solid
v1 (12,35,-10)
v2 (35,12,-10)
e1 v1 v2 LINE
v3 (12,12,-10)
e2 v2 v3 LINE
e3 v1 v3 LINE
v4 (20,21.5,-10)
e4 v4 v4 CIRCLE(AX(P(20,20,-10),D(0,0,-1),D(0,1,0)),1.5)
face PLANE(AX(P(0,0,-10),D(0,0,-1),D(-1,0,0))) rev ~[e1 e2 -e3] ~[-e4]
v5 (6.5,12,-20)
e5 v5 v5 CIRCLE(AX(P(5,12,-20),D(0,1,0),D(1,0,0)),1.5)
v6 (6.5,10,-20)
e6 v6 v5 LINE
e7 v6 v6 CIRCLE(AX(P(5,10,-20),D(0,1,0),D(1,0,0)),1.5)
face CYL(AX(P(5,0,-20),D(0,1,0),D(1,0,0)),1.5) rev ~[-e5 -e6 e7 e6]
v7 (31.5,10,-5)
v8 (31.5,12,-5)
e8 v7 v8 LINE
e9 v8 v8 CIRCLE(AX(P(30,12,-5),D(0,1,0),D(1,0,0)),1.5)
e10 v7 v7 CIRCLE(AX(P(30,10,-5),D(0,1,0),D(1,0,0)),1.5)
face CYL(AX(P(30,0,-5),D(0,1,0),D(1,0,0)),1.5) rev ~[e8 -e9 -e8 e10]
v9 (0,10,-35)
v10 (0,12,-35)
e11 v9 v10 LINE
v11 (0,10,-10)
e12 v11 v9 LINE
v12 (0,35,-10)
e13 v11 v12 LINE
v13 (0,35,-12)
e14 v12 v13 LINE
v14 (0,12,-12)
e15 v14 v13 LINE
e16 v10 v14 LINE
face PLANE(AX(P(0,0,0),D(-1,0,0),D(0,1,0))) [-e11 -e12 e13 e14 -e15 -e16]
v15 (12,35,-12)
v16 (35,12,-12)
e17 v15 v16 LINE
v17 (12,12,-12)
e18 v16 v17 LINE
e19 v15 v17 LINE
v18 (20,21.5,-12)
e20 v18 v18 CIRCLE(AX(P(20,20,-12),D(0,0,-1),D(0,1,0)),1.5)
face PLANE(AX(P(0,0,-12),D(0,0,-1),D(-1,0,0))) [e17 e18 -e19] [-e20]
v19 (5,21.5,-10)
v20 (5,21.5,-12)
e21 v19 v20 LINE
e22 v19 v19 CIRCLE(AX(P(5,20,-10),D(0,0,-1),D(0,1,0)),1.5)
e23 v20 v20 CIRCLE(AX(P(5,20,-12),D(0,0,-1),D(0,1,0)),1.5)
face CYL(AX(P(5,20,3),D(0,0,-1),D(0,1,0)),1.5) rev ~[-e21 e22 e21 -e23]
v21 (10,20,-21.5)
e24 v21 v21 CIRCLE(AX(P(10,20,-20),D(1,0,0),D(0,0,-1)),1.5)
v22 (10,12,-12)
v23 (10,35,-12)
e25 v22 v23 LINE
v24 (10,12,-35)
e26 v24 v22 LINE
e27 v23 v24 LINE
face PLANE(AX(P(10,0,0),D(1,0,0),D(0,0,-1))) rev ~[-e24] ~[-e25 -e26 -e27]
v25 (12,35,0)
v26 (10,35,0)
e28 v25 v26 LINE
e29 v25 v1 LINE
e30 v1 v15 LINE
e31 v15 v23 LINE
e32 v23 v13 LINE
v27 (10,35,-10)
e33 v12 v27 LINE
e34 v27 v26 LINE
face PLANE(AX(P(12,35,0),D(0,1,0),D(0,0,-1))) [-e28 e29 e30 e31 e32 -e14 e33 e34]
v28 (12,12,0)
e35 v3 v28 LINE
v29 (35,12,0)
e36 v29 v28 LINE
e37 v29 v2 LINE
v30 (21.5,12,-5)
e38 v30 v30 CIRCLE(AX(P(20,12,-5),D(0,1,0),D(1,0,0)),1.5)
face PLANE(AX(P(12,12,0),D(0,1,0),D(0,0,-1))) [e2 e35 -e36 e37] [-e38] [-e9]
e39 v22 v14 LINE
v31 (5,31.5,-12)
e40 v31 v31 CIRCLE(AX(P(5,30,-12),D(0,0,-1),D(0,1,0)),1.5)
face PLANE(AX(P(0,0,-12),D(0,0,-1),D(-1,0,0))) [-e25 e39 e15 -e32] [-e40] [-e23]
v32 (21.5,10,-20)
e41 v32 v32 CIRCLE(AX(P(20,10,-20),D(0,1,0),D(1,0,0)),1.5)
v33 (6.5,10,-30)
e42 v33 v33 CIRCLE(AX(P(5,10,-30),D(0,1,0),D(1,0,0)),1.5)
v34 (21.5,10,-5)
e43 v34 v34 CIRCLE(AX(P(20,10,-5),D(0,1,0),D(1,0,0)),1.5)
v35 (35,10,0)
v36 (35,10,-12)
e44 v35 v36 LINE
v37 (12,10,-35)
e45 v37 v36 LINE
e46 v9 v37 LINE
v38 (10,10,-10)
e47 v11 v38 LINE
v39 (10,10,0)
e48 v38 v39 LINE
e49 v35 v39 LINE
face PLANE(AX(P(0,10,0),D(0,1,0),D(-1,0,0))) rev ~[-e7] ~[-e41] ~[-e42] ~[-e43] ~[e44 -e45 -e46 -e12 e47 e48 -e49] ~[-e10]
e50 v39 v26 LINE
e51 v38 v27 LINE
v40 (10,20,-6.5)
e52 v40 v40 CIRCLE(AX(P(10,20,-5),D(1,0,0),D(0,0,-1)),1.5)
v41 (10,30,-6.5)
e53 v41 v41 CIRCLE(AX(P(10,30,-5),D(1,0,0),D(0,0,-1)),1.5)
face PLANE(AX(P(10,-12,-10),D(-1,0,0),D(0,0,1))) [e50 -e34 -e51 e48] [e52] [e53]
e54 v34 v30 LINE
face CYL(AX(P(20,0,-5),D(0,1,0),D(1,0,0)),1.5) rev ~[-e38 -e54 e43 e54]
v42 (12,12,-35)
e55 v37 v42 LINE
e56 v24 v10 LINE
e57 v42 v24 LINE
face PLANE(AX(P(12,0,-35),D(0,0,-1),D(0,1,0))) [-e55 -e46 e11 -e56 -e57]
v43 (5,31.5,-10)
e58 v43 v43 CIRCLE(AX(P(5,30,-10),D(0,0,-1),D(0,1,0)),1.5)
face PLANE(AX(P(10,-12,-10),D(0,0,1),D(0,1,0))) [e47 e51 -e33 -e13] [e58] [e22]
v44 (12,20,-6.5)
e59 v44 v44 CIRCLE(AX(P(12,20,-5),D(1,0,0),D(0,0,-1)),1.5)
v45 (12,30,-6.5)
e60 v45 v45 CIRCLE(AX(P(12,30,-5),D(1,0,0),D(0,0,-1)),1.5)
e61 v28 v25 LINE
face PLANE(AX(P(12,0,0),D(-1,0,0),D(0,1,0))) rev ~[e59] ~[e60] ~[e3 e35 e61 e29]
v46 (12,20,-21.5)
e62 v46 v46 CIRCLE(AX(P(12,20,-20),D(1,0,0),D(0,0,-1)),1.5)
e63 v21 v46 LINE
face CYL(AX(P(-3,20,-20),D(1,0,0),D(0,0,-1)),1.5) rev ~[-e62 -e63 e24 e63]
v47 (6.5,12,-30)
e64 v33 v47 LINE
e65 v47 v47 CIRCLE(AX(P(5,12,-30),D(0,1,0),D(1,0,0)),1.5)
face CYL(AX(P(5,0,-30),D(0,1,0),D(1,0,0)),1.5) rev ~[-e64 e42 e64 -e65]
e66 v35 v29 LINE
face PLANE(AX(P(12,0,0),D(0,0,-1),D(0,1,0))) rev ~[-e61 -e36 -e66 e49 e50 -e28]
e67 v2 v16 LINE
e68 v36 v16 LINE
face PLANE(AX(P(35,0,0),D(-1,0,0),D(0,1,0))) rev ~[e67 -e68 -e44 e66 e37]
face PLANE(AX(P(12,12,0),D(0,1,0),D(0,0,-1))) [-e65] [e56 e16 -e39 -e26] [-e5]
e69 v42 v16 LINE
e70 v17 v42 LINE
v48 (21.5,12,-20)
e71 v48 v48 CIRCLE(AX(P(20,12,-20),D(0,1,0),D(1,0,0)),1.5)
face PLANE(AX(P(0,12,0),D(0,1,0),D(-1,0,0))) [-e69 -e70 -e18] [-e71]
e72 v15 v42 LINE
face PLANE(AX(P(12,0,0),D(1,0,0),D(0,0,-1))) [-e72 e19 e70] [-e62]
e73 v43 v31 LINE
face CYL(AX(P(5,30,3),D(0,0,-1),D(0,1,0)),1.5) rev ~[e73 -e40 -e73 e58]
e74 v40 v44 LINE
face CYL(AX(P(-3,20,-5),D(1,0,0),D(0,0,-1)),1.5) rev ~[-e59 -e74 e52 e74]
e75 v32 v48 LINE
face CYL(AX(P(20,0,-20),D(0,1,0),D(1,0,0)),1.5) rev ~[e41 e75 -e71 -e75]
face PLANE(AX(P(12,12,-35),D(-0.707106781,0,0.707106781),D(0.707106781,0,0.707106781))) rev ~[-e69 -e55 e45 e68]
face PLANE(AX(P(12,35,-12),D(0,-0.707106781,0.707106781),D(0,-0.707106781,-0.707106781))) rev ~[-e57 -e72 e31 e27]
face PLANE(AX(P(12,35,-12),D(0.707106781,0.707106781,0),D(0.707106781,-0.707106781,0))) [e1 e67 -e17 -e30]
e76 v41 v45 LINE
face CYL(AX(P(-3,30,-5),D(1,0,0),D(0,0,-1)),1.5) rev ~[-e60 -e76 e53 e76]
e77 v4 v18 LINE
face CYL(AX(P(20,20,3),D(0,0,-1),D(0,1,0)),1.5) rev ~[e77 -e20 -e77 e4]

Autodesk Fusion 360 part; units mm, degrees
box "BoxPrimitive1" add length 35 width 12 height 12 placed x (0, 0, -1) y (-1, 0, 0) z (0, 1, 0) at (12, 0, 0)
box "BoxPrimitive2" add length 12 width 35 height 12 placed x (0, 0, -1) y (-1, 0, 0) z (0, 1, 0) at (35, 0, 0)
box "BoxPrimitive3" add length 12 width 12 height 35 placed x (0, 0, -1) y (-1, 0, 0) z (0, 1, 0) at (12, 0, 0)
cylinder "CylinderPrimitive1" cut diameter 3 height 15 placed x (1, 0, 0) y (0, 0, -1) z (0, 1, 0) at (30, 0, -5)
cylinder "CylinderPrimitive2" cut diameter 3 height 15 placed x (1, 0, 0) y (0, 0, -1) z (0, 1, 0) at (20, 0, -5)
cylinder "CylinderPrimitive3" cut diameter 3 height 15 placed x (1, 0, 0) y (0, 0, -1) z (0, 1, 0) at (5, 0, -30)
cylinder "CylinderPrimitive4" cut diameter 3 height 15 placed x (1, 0, 0) y (0, 0, -1) z (0, 1, 0) at (5, 0, -20)
cylinder "CylinderPrimitive5" cut diameter 3 height 15 placed x (0, 0, -1) y (0, 1, 0) z (1, 0, 0) at (0, 5, -30)
cylinder "CylinderPrimitive6" cut diameter 3 height 15 placed x (0, 0, -1) y (0, 1, 0) z (1, 0, 0) at (0, 5, -20)
cylinder "CylinderPrimitive7" cut diameter 3 height -15 placed x (0, 1, 0) y (1, 0, 0) z (0, 0, -1) at (30, 5, -12)
cylinder "CylinderPrimitive8" cut diameter 3 height -15 placed x (0, 1, 0) y (1, 0, 0) z (0, 0, -1) at (20, 5, -12)
cylinder "CylinderPrimitive9" cut diameter 3 height -15 placed x (0, 0, -1) y (0, 1, 0) z (1, 0, 0) at (12, 30, -5)
cylinder "CylinderPrimitive10" cut diameter 3 height -15 placed x (0, 0, -1) y (0, 1, 0) z (1, 0, 0) at (12, 20, -5)
cylinder "CylinderPrimitive11" cut diameter 3 height -15 placed x (0, 1, 0) y (1, 0, 0) z (0, 0, -1) at (5, 30, -12)
cylinder "CylinderPrimitive12" cut diameter 3 height -15 placed x (0, 1, 0) y (1, 0, 0) z (0, 0, -1) at (5, 20, -12)
box "BoxPrimitive7" cut length 45 width 50 height 10 placed x (0, 0, -1) y (-1, 0, 0) z (0, 1, 0) at (40, 0, 0)
box "BoxPrimitive9" cut length 52 width 10 height -10 placed x (0, 1, 0) y (-1, 0, 0) z (0, 0, 1) at (10, -12, 0)
sketch "Sketch32" plane through (0, 0, -12) normal (0, 0, -1) x (-1, 0, 0)
  circle A0 centre (-5, 20) radius 1.5
  circle A1 centre (-5, 30) radius 1.5
  line L0 (-12, 12) -> (0, 12)
  line L1 (0, 12) -> (0, 35)
  line L2 (0, 35) -> (-12, 35)
  line L3 (-12, 35) -> (-12, 12)
  line L4 (-12, 35) -> (-35, 12)
  line L5 (-35, 12) -> (-12, 12)
  point P0 (-35, 12)
extrude "Extrude8" add sketch "Sketch32" against normal blind 2 contours L3 L4 L5
sketch "Sketch33" plane through (12, 0, 0) normal (1, 0, 0) x (0, 0, -1)
  line L0 (10, 12) -> (10, 35)
  line L1 (10, 35) -> (0, 35)
  line L2 (0, 35) -> (0, 12)
  line L3 (0, 12) -> (10, 12)
  circle A0 centre (5, 30) radius 1.5
  circle A1 centre (5, 20) radius 1.5
  line L4 (12, 35) -> (35, 12)
  line L5 (35, 12) -> (12, 12)
  line L6 (12, 12) -> (12, 35)
  point P0 (12, 35)
  point P1 (35, 12)
  point P2 (12, 12)
extrude "Extrude9" add sketch "Sketch33" against normal blind 2 contours L4 L5 L6
sketch "Sketch34" plane through (0, 12, 0) normal (0, 1, 0) x (-1, 0, 0)
  line L0 (-35, -10) -> (-12, -10)
  line L1 (-12, -10) -> (-12, 0)
  line L2 (-12, 0) -> (-35, 0)
  line L3 (-35, 0) -> (-35, -10)
  circle A0 centre (-30, -5) radius 1.5
  circle A1 centre (-20, -5) radius 1.5
  line L4 (-12, -35) -> (-35, -12)
  line L5 (-35, -12) -> (-12, -12)
  line L6 (-12, -12) -> (-12, -35)
  point P0 (-12, -35)
  point P1 (-35, -12)
  point P2 (-12, -12)
  point P3 (-12, -35)
extrude "Extrude10" add sketch "Sketch34" against normal blind 2 contours L4 L5 L6
cylinder "CylinderPrimitive13" cut diameter 3 height 15 placed x (1, 0, 0) y (0, 0, -1) z (0, 1, 0) at (20, 0, -20)
cylinder "CylinderPrimitive14" cut diameter 3 height -15 placed x (0, 0, -1) y (0, 1, 0) z (1, 0, 0) at (12, 20, -20)
cylinder "CylinderPrimitive15" cut diameter 3 height -15 placed x (0, 1, 0) y (1, 0, 0) z (0, 0, -1) at (20, 20, -12)
